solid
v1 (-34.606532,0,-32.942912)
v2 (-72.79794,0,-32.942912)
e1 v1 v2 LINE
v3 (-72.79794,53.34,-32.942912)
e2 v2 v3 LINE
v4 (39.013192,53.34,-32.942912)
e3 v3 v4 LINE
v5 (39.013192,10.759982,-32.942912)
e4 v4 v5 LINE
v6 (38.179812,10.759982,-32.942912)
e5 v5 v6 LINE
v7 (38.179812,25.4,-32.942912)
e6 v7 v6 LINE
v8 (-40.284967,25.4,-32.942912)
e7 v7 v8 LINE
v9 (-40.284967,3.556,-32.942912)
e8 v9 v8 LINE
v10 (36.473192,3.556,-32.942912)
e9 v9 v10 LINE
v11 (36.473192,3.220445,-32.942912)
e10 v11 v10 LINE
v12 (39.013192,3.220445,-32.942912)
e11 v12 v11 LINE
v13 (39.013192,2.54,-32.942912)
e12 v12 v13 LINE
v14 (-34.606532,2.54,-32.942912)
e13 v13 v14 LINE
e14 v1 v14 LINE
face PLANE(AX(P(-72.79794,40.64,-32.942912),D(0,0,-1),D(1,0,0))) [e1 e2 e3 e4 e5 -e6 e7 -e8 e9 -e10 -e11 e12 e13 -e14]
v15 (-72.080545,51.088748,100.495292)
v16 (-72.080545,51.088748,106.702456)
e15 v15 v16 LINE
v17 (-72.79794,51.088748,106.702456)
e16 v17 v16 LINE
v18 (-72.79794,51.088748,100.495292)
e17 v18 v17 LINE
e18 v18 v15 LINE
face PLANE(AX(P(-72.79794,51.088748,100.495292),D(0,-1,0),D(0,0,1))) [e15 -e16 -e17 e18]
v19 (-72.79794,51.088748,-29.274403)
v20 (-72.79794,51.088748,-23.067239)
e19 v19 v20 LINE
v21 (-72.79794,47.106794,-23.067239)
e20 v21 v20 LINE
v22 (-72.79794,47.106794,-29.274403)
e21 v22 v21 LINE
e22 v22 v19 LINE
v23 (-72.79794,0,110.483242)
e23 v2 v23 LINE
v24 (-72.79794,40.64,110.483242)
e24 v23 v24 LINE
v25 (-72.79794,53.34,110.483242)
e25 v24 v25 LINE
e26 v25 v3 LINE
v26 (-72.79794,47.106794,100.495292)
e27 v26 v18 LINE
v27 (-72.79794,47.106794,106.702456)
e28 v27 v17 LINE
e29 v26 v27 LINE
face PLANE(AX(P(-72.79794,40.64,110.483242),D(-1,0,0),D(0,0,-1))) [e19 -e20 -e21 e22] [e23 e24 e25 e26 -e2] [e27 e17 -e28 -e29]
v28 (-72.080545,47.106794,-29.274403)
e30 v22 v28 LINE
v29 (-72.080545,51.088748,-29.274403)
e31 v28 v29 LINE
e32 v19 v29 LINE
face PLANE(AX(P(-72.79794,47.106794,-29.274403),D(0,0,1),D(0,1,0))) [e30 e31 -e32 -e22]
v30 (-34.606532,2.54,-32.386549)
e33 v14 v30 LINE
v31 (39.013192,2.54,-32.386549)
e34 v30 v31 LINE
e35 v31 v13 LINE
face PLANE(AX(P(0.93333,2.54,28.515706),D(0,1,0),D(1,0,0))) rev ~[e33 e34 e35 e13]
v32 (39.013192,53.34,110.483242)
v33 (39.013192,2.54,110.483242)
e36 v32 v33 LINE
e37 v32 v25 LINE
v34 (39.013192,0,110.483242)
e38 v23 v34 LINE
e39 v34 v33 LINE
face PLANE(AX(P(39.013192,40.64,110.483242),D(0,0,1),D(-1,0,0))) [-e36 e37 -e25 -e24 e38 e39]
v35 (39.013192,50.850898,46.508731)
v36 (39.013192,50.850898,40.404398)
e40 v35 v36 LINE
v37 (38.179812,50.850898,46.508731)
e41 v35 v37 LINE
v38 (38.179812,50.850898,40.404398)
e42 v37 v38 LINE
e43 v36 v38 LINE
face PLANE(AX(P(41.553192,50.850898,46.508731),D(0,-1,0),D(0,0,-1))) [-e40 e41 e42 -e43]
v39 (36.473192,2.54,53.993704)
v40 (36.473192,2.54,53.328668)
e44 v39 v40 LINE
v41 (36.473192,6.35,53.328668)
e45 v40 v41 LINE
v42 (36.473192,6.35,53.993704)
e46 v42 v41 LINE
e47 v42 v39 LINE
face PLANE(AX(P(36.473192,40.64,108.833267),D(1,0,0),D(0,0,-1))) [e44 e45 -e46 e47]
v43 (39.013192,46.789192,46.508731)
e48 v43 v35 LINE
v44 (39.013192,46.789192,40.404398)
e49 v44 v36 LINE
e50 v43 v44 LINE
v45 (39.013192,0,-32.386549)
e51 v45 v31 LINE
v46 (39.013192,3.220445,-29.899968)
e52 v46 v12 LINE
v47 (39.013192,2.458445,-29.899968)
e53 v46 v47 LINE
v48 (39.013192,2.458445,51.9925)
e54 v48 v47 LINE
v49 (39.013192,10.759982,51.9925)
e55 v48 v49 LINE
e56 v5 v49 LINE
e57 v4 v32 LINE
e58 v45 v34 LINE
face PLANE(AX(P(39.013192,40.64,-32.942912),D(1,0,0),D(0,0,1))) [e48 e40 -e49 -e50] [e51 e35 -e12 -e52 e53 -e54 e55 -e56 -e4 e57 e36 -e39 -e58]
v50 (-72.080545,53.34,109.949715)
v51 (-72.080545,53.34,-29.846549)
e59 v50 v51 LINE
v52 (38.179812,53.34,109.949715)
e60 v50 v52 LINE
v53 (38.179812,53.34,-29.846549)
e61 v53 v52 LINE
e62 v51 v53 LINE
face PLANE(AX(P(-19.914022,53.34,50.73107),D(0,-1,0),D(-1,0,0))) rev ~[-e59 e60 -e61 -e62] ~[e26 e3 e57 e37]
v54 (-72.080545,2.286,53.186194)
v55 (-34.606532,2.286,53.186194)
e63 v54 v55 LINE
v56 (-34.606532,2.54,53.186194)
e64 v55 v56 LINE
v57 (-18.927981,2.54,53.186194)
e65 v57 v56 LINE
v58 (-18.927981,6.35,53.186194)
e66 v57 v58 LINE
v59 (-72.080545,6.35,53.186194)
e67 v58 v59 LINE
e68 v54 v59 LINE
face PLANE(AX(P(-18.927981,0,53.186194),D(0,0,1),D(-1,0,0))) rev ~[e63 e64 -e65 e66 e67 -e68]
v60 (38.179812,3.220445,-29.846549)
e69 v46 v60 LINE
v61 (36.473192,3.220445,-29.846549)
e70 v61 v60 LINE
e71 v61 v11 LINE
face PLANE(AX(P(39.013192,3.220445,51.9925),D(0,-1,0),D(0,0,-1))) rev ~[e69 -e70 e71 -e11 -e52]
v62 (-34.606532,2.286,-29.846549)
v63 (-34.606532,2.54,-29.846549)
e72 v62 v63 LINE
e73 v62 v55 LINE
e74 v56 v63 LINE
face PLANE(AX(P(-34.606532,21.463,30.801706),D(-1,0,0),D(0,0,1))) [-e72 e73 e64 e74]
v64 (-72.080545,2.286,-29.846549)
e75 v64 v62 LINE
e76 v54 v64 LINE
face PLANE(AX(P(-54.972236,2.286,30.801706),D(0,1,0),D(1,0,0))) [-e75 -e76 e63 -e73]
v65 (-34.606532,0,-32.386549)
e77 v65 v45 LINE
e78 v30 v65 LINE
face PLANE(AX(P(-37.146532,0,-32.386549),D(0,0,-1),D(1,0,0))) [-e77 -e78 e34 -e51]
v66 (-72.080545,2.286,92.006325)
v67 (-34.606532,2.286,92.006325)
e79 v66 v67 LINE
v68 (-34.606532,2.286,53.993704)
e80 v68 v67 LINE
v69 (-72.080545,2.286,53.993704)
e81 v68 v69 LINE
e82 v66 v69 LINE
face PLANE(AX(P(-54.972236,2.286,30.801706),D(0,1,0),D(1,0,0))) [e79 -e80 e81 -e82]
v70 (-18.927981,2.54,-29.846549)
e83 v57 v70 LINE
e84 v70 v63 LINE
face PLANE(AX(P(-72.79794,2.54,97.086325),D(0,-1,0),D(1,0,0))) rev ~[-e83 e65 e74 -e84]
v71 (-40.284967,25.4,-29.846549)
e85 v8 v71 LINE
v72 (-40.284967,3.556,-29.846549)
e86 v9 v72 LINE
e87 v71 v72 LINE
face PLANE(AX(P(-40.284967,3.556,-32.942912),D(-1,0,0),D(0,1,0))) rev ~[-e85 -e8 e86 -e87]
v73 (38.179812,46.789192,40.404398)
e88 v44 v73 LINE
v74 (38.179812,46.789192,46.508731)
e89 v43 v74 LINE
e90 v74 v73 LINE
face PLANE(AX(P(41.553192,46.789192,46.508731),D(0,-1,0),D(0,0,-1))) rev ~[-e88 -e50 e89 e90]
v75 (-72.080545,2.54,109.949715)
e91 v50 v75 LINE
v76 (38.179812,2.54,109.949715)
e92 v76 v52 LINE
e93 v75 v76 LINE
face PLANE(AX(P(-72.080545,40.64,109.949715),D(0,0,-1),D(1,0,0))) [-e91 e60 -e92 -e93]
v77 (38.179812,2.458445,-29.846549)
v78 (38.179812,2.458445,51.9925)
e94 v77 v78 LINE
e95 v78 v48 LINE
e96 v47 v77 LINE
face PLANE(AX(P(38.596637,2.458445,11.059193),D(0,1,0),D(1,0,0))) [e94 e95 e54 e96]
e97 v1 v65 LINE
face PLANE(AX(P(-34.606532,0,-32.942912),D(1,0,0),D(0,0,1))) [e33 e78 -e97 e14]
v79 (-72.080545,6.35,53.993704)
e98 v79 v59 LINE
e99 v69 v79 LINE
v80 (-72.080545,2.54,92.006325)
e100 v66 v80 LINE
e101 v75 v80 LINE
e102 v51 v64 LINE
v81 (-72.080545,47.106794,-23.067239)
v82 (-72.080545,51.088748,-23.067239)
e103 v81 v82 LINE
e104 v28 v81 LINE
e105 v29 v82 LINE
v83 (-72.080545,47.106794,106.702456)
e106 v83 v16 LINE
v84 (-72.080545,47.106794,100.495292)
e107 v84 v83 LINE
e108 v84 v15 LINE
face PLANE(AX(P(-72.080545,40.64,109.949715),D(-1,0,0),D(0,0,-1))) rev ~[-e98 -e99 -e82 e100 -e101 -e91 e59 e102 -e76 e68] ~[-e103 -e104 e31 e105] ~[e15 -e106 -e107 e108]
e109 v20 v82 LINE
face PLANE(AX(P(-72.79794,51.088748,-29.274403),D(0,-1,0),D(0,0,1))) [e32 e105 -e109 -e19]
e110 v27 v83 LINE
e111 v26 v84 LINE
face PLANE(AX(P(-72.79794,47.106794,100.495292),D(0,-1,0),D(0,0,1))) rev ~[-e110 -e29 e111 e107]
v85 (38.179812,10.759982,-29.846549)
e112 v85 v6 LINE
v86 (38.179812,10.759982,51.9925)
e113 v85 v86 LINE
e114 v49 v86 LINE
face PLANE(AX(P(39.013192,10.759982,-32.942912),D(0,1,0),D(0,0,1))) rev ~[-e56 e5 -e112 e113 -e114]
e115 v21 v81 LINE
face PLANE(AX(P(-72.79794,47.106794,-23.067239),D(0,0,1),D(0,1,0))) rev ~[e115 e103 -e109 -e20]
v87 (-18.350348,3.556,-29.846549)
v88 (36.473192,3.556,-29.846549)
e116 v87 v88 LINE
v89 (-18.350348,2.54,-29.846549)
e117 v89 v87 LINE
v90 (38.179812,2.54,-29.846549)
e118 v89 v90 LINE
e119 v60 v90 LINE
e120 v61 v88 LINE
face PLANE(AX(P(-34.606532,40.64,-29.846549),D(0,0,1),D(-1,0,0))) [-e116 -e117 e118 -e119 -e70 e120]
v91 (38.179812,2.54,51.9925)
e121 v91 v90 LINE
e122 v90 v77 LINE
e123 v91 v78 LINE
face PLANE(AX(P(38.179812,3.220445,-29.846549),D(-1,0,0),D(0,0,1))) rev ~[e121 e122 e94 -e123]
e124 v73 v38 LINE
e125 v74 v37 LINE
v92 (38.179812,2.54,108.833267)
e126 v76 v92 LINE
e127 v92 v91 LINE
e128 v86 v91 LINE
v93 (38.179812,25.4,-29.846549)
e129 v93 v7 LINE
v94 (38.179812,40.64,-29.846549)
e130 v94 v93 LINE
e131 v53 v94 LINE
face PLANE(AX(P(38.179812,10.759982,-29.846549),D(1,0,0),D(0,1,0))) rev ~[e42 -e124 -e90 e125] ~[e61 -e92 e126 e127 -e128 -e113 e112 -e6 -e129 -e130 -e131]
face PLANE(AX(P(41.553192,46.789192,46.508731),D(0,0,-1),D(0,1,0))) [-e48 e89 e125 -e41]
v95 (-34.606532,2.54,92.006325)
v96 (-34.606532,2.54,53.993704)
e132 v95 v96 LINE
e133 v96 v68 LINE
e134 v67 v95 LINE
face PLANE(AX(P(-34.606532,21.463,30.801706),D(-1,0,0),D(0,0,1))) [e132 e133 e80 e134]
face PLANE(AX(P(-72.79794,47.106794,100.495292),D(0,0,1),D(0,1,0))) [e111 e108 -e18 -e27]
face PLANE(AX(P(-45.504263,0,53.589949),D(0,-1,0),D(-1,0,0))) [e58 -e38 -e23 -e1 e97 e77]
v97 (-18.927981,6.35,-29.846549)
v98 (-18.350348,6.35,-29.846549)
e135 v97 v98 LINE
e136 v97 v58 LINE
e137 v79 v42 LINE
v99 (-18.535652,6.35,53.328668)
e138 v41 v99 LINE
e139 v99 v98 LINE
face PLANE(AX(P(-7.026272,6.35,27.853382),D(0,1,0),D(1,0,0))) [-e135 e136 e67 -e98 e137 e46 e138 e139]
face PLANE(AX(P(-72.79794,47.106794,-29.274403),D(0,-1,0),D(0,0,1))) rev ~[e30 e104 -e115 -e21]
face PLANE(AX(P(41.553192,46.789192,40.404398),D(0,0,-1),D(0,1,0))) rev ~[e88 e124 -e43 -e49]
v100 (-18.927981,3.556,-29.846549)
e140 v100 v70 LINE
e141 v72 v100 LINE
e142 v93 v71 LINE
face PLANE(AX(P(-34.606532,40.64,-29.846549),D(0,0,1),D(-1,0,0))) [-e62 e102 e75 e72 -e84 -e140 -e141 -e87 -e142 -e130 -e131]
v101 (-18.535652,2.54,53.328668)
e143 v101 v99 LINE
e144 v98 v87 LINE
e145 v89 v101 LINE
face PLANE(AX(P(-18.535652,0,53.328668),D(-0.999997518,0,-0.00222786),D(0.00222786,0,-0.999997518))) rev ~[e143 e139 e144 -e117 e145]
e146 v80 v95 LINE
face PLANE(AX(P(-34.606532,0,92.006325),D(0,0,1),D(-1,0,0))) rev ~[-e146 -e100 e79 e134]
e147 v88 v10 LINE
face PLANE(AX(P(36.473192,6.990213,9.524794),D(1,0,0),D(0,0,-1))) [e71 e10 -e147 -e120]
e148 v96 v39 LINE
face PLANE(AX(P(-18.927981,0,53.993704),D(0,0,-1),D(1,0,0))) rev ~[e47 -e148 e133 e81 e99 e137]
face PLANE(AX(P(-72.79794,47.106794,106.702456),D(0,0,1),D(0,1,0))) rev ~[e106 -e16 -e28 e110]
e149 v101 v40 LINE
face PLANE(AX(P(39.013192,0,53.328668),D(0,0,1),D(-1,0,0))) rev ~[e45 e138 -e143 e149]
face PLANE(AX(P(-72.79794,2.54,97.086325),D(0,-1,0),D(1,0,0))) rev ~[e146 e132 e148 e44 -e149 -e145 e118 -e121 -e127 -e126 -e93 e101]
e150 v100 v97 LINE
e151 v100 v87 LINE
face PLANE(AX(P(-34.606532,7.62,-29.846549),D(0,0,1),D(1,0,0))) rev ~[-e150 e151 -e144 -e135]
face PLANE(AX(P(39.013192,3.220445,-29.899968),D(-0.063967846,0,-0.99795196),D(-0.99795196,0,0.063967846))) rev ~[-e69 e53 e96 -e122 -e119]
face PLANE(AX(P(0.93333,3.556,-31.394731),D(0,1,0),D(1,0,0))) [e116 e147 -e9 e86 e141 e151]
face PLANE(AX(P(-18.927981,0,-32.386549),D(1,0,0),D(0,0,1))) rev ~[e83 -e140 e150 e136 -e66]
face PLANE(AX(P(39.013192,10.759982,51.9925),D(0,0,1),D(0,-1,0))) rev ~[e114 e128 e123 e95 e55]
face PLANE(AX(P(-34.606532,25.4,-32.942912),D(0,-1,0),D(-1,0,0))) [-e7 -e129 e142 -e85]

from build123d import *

# Parameters (mm, degrees)
SKETCH1_W            = 76.15972441
SKETCH1_H            = 126.932874018
BOSS_EXTRUDE1_DEPTH  = 2.54
BOSS_EXTRUDE4_DEPTH  = 38.1
SHELL1_T             = -2.54
BOSS_EXTRUDE5_DEPTH  = 6.35
SKETCH16_W           = 76.15972441
SKETCH16_H           = 40.64
CUT_EXTRUDE7_DEPTH   = 7.112
SKETCH17_W           = 71.07972441
SKETCH17_H           = 3.09636258
CUT_EXTRUDE8_DEPTH   = 4.064
SKETCH19_W           = 35.651407884
SKETCH19_H           = 127.489236598
BOSS_EXTRUDE19_DEPTH = 2.286
SKETCH26_W           = 127.489236598
SKETCH26_H           = 38.354
CUT_EXTRUDE10_DEPTH  = 2.54
BOSS_EXTRUDE20_DEPTH = 40.64
SKETCH28_W           = 111.811132294
SKETCH28_H           = 15.936917459
BOSS_EXTRUDE21_DEPTH = 2.54
SKETCH34_W           = 111.811132294
SKETCH34_H           = 38.1
CUT_EXTRUDE12_DEPTH  = 5.08
BOSS_EXTRUDE23_DEPTH = 40.64
BOSS_EXTRUDE24_DEPTH = 6.35
BOSS_EXTRUDE28_DEPTH = 12.7
BOSS_EXTRUDE29_DEPTH = 27.94
SKETCH54_W           = 6.207163676
SKETCH54_H           = 3.981954056
CUT_EXTRUDE20_DEPTH  = 15.24
SKETCH55_W           = 6.104333468
SKETCH55_H           = 4.061705803
CUT_EXTRUDE21_DEPTH  = 15.24
SKETCH56_W           = 1.706619681
SKETCH56_H           = 138.67981609
CUT_EXTRUDE22_DEPTH  = 38.1
SKETCH57_W           = 5.678434708
SKETCH57_H           = 21.844
CUT_EXTRUDE23_DEPTH  = 38.1
CUT_EXTRUDE24_DEPTH  = 2.54
SKETCH59_W           = 110.26035724
SKETCH59_H           = 1.116448274
CUT_EXTRUDE25_DEPTH  = 38.1
SKETCH61_W           = 1.706619681
SKETCH61_H           = 14.640018444
CUT_EXTRUDE26_DEPTH  = 4.064
CUT_EXTRUDE28_DEPTH  = 0.762


with BuildPart() as part:
    # Sketch1 → Boss-Extrude1 (new body)
    with BuildSketch(Plane(origin=(0, 0, 0), x_dir=(1, 0, 0), z_dir=(0, 1, 0))):
        with Locations((0.933329956, -31.079887535)):
            Rectangle(SKETCH1_W, SKETCH1_H)
    extrude(amount=BOSS_EXTRUDE1_DEPTH)

    # Sketch7 → Boss-Extrude4 (add)
    with BuildSketch(Plane(origin=(0, 2.54, 0), x_dir=(1, 0, 0), z_dir=(0, 1, 0))):
        Polygon((-37.146532249, 32.386549474), (-37.146532249, -94.546324544), (39.013192161, -94.546324544), (39.013192161, 32.386549474), (39.013192161, 37.514912054), (-37.146532249, 37.514912054), align=None)
    extrude(amount=BOSS_EXTRUDE4_DEPTH)

    # Shell1
    shell1_openings = [part.faces().sort_by_distance(p)[0] for p in [
        (0.933329956, 40.64, 28.515706245),
    ]]
    offset(amount=SHELL1_T, openings=shell1_openings, kind=Kind.INTERSECTION)

    # Sketch12 → Boss-Extrude5 (add)
    with BuildSketch(Plane(origin=(0, 0, 0), x_dir=(1, 0, 0), z_dir=(0, 1, 0))):
        Polygon((-17.752421588, -53.993703886), (39.013192161, -53.993703886), (39.013192161, -53.328667969), (-17.752421588, -53.328667969), (-18.535651553, -53.328667969), (-18.344689589, 32.386549474), (-18.927981394, 32.386549474), (-18.927981394, -53.993703886), (-18.28148375, -53.993703886), align=None)
    extrude(amount=BOSS_EXTRUDE5_DEPTH)

    # Sketch16 → Cut-Extrude7 (cut)
    with BuildSketch(Plane(origin=(0, 0, -40.054912054), x_dir=(-1, 0, 0), z_dir=(0, 0, -1))):
        with Locations((-0.933329956, 20.32)):
            Rectangle(SKETCH16_W, SKETCH16_H)
    extrude(amount=-CUT_EXTRUDE7_DEPTH, mode=Mode.SUBTRACT)

    # Sketch17 → Cut-Extrude8 (cut)
    with BuildSketch(Plane(origin=(0, 7.62, 0), x_dir=(1, 0, 0), z_dir=(0, 1, 0))):
        with Locations((0.933329956, 31.394730764)):
            Rectangle(SKETCH17_W, SKETCH17_H)
    extrude(amount=-CUT_EXTRUDE8_DEPTH, mode=Mode.SUBTRACT)

    # Sketch19 → Boss-Extrude19 (add)
    with BuildSketch(Plane(origin=(0, 0, 0), x_dir=(1, 0, 0), z_dir=(0, 1, 0))):
        with Locations((-54.972236191, -30.801706245)):
            Rectangle(SKETCH19_W, SKETCH19_H)
    extrude(amount=BOSS_EXTRUDE19_DEPTH)

    # Sketch26 → Cut-Extrude10 (cut)
    with BuildSketch(Plane.ZY.offset(37.146532249)):
        with Locations((30.801706245, 21.463)):
            Rectangle(SKETCH26_W, SKETCH26_H)
    extrude(amount=-CUT_EXTRUDE10_DEPTH, mode=Mode.SUBTRACT)

    # Sketch27 → Boss-Extrude20 (add)
    with BuildSketch(Plane(origin=(0, 0, 0), x_dir=(1, 0, 0), z_dir=(0, 1, 0))):
        Polygon((-34.606532249, -94.546324544), (-72.797940133, -94.546324544), (-72.797940133, 32.942912054), (-34.606532249, 32.942912054), (-34.606532249, 29.846549474), (-72.080545398, 29.846549474), (-72.080545398, -92.006324544), (-70.104362866, -92.006324544), (-34.606532249, -92.006324544), align=None)
    extrude(amount=BOSS_EXTRUDE20_DEPTH)

    # Sketch28 → Boss-Extrude21 (add)
    with BuildSketch(Plane(origin=(0, 0, 0), x_dir=(1, 0, 0), z_dir=(0, 1, 0))):
        with Locations((-16.892373986, -102.514783274)):
            Rectangle(SKETCH28_W, SKETCH28_H)
    extrude(amount=BOSS_EXTRUDE21_DEPTH)

    # Sketch34 → Cut-Extrude12 (cut)
    with BuildSketch(Plane.XY.offset(97.086324544)):
        with Locations((-16.892373986, 21.59)):
            Rectangle(SKETCH34_W, SKETCH34_H)
    extrude(amount=-CUT_EXTRUDE12_DEPTH, mode=Mode.SUBTRACT)

    # Sketch36 → Boss-Extrude23 (add)
    with BuildSketch(Plane(origin=(0, 0, 0), x_dir=(1, 0, 0), z_dir=(0, 1, 0))):
        Polygon((-72.797940133, -92.006324544), (-72.797940133, -110.483242003), (39.013192161, -110.483242003), (39.013192161, -92.006324544), (36.473192161, -92.006324544), (36.473192161, -108.833266616), (-72.080545398, -108.833266616), (-72.080545398, -92.006324544), align=None)
    extrude(amount=BOSS_EXTRUDE23_DEPTH)

    # Sketch39 → Boss-Extrude24 (add)
    with BuildSketch(Plane(origin=(0, 0, 0), x_dir=(1, 0, 0), z_dir=(0, 1, 0))):
        Polygon((-19.575673417, -53.993703886), (-72.080545398, -53.993703886), (-72.080545398, -53.1861939), (-19.575673417, -53.1861939), (-18.927981394, -53.1861939), (-18.927981394, -53.993703886), align=None)
    extrude(amount=BOSS_EXTRUDE24_DEPTH)

    # Sketch51 → Boss-Extrude28 (add)
    with BuildSketch(Plane(origin=(0, 40.64, 0), x_dir=(1, 0, 0), z_dir=(0, 1, 0))):
        Polygon((-34.606532249, 32.942912054), (-34.606532249, 29.846549474), (-72.080545398, 29.846549474), (-72.080545398, -108.833266616), (-72.080545398, -109.553098124), (-72.080545398, -109.94971489), (38.179811842, -109.94971489), (38.179811842, -109.553098124), (38.179811842, 32.942912054), (39.013192161, 32.942912054), (39.013192161, -110.483242003), (-72.797940133, -110.483242003), (-72.797940133, 32.942912054), align=None)
    extrude(amount=BOSS_EXTRUDE28_DEPTH)

    # Sketch52 → Boss-Extrude29 (add)
    with BuildSketch(Plane(origin=(0, 53.34, 0), x_dir=(1, 0, 0), z_dir=(0, 1, 0))):
        Polygon((38.179811842, 32.942912054), (38.179811842, 29.846549474), (-34.606532249, 29.846549474), (-39.725324066, 29.846549474), (-39.725324066, 32.942912054), (-34.606532249, 32.942912054), align=None)
    extrude(amount=-BOSS_EXTRUDE29_DEPTH)

    # Sketch54 → Cut-Extrude20 (cut)
    with BuildSketch(Plane.ZY.offset(72.797940133)):
        with Locations((103.598874165, 49.097770639)):
            Rectangle(SKETCH54_W, SKETCH54_H)
        with Locations((-26.170821026, 49.097770639)):
            Rectangle(SKETCH54_W, SKETCH54_H)
    extrude(amount=-CUT_EXTRUDE20_DEPTH, mode=Mode.SUBTRACT)

    # Sketch55 → Cut-Extrude21 (cut)
    with BuildSketch(Plane(origin=(41.553192161, 0, 0), x_dir=(0, 0, -1), z_dir=(1, 0, 0))):
        with Locations((-43.456564529, 48.820045114)):
            Rectangle(SKETCH55_W, SKETCH55_H)
    extrude(amount=-CUT_EXTRUDE21_DEPTH, mode=Mode.SUBTRACT)

    # Sketch56 → Cut-Extrude22 (cut)
    with BuildSketch(Plane(origin=(0, 40.64, 0), x_dir=(1, 0, 0), z_dir=(0, 1, 0))):
        with Locations((37.326502002, -39.493358571)):
            Rectangle(SKETCH56_W, SKETCH56_H)
    extrude(amount=-CUT_EXTRUDE22_DEPTH, mode=Mode.SUBTRACT)

    # Sketch57 → Cut-Extrude23 (cut)
    with BuildSketch(Plane(origin=(0, 0, -32.942912054), x_dir=(-1, 0, 0), z_dir=(0, 0, -1))):
        with Locations((37.445749603, 14.478)):
            Rectangle(SKETCH57_W, SKETCH57_H)
    extrude(amount=-CUT_EXTRUDE23_DEPTH, mode=Mode.SUBTRACT)

    # Sketch58 → Cut-Extrude24 (cut)
    with BuildSketch(Plane(origin=(39.013192161, 0, 0), x_dir=(0, 0, -1), z_dir=(1, 0, 0))):
        Polygon((-51.99249987, 3.220445107), (32.386549474, 3.220445107), (32.942912054, 3.220445107), (32.942912054, 3.900890214), (32.942912054, 10.759981556), (-51.99249987, 10.759981556), align=None)
    extrude(amount=-CUT_EXTRUDE24_DEPTH, mode=Mode.SUBTRACT)

    # Sketch59 → Cut-Extrude25 (cut)
    with BuildSketch(Plane(origin=(0, 40.64, 0), x_dir=(1, 0, 0), z_dir=(0, 1, 0))):
        with Locations((-16.950366778, -109.391490753)):
            Rectangle(SKETCH59_W, SKETCH59_H)
    extrude(amount=-CUT_EXTRUDE25_DEPTH, mode=Mode.SUBTRACT)

    # Sketch61 → Cut-Extrude26 (cut)
    with BuildSketch(Plane.XY.offset(-29.846549474)):
        with Locations((37.326502002, 18.079990778)):
            Rectangle(SKETCH61_W, SKETCH61_H)
    extrude(amount=-CUT_EXTRUDE26_DEPTH, mode=Mode.SUBTRACT)

    # Sketch62 → Cut-Extrude28 (cut)
    with BuildSketch(Plane(origin=(0, 3.220445107, 0), x_dir=(1, 0, 0), z_dir=(0, 1, 0))):
        Polygon((38.179811842, -51.99249987), (39.013192161, -51.99249987), (39.013192161, 29.899968422), (38.179811842, 29.846549474), align=None)
    extrude(amount=-CUT_EXTRUDE28_DEPTH, mode=Mode.SUBTRACT)


solid = part.part
